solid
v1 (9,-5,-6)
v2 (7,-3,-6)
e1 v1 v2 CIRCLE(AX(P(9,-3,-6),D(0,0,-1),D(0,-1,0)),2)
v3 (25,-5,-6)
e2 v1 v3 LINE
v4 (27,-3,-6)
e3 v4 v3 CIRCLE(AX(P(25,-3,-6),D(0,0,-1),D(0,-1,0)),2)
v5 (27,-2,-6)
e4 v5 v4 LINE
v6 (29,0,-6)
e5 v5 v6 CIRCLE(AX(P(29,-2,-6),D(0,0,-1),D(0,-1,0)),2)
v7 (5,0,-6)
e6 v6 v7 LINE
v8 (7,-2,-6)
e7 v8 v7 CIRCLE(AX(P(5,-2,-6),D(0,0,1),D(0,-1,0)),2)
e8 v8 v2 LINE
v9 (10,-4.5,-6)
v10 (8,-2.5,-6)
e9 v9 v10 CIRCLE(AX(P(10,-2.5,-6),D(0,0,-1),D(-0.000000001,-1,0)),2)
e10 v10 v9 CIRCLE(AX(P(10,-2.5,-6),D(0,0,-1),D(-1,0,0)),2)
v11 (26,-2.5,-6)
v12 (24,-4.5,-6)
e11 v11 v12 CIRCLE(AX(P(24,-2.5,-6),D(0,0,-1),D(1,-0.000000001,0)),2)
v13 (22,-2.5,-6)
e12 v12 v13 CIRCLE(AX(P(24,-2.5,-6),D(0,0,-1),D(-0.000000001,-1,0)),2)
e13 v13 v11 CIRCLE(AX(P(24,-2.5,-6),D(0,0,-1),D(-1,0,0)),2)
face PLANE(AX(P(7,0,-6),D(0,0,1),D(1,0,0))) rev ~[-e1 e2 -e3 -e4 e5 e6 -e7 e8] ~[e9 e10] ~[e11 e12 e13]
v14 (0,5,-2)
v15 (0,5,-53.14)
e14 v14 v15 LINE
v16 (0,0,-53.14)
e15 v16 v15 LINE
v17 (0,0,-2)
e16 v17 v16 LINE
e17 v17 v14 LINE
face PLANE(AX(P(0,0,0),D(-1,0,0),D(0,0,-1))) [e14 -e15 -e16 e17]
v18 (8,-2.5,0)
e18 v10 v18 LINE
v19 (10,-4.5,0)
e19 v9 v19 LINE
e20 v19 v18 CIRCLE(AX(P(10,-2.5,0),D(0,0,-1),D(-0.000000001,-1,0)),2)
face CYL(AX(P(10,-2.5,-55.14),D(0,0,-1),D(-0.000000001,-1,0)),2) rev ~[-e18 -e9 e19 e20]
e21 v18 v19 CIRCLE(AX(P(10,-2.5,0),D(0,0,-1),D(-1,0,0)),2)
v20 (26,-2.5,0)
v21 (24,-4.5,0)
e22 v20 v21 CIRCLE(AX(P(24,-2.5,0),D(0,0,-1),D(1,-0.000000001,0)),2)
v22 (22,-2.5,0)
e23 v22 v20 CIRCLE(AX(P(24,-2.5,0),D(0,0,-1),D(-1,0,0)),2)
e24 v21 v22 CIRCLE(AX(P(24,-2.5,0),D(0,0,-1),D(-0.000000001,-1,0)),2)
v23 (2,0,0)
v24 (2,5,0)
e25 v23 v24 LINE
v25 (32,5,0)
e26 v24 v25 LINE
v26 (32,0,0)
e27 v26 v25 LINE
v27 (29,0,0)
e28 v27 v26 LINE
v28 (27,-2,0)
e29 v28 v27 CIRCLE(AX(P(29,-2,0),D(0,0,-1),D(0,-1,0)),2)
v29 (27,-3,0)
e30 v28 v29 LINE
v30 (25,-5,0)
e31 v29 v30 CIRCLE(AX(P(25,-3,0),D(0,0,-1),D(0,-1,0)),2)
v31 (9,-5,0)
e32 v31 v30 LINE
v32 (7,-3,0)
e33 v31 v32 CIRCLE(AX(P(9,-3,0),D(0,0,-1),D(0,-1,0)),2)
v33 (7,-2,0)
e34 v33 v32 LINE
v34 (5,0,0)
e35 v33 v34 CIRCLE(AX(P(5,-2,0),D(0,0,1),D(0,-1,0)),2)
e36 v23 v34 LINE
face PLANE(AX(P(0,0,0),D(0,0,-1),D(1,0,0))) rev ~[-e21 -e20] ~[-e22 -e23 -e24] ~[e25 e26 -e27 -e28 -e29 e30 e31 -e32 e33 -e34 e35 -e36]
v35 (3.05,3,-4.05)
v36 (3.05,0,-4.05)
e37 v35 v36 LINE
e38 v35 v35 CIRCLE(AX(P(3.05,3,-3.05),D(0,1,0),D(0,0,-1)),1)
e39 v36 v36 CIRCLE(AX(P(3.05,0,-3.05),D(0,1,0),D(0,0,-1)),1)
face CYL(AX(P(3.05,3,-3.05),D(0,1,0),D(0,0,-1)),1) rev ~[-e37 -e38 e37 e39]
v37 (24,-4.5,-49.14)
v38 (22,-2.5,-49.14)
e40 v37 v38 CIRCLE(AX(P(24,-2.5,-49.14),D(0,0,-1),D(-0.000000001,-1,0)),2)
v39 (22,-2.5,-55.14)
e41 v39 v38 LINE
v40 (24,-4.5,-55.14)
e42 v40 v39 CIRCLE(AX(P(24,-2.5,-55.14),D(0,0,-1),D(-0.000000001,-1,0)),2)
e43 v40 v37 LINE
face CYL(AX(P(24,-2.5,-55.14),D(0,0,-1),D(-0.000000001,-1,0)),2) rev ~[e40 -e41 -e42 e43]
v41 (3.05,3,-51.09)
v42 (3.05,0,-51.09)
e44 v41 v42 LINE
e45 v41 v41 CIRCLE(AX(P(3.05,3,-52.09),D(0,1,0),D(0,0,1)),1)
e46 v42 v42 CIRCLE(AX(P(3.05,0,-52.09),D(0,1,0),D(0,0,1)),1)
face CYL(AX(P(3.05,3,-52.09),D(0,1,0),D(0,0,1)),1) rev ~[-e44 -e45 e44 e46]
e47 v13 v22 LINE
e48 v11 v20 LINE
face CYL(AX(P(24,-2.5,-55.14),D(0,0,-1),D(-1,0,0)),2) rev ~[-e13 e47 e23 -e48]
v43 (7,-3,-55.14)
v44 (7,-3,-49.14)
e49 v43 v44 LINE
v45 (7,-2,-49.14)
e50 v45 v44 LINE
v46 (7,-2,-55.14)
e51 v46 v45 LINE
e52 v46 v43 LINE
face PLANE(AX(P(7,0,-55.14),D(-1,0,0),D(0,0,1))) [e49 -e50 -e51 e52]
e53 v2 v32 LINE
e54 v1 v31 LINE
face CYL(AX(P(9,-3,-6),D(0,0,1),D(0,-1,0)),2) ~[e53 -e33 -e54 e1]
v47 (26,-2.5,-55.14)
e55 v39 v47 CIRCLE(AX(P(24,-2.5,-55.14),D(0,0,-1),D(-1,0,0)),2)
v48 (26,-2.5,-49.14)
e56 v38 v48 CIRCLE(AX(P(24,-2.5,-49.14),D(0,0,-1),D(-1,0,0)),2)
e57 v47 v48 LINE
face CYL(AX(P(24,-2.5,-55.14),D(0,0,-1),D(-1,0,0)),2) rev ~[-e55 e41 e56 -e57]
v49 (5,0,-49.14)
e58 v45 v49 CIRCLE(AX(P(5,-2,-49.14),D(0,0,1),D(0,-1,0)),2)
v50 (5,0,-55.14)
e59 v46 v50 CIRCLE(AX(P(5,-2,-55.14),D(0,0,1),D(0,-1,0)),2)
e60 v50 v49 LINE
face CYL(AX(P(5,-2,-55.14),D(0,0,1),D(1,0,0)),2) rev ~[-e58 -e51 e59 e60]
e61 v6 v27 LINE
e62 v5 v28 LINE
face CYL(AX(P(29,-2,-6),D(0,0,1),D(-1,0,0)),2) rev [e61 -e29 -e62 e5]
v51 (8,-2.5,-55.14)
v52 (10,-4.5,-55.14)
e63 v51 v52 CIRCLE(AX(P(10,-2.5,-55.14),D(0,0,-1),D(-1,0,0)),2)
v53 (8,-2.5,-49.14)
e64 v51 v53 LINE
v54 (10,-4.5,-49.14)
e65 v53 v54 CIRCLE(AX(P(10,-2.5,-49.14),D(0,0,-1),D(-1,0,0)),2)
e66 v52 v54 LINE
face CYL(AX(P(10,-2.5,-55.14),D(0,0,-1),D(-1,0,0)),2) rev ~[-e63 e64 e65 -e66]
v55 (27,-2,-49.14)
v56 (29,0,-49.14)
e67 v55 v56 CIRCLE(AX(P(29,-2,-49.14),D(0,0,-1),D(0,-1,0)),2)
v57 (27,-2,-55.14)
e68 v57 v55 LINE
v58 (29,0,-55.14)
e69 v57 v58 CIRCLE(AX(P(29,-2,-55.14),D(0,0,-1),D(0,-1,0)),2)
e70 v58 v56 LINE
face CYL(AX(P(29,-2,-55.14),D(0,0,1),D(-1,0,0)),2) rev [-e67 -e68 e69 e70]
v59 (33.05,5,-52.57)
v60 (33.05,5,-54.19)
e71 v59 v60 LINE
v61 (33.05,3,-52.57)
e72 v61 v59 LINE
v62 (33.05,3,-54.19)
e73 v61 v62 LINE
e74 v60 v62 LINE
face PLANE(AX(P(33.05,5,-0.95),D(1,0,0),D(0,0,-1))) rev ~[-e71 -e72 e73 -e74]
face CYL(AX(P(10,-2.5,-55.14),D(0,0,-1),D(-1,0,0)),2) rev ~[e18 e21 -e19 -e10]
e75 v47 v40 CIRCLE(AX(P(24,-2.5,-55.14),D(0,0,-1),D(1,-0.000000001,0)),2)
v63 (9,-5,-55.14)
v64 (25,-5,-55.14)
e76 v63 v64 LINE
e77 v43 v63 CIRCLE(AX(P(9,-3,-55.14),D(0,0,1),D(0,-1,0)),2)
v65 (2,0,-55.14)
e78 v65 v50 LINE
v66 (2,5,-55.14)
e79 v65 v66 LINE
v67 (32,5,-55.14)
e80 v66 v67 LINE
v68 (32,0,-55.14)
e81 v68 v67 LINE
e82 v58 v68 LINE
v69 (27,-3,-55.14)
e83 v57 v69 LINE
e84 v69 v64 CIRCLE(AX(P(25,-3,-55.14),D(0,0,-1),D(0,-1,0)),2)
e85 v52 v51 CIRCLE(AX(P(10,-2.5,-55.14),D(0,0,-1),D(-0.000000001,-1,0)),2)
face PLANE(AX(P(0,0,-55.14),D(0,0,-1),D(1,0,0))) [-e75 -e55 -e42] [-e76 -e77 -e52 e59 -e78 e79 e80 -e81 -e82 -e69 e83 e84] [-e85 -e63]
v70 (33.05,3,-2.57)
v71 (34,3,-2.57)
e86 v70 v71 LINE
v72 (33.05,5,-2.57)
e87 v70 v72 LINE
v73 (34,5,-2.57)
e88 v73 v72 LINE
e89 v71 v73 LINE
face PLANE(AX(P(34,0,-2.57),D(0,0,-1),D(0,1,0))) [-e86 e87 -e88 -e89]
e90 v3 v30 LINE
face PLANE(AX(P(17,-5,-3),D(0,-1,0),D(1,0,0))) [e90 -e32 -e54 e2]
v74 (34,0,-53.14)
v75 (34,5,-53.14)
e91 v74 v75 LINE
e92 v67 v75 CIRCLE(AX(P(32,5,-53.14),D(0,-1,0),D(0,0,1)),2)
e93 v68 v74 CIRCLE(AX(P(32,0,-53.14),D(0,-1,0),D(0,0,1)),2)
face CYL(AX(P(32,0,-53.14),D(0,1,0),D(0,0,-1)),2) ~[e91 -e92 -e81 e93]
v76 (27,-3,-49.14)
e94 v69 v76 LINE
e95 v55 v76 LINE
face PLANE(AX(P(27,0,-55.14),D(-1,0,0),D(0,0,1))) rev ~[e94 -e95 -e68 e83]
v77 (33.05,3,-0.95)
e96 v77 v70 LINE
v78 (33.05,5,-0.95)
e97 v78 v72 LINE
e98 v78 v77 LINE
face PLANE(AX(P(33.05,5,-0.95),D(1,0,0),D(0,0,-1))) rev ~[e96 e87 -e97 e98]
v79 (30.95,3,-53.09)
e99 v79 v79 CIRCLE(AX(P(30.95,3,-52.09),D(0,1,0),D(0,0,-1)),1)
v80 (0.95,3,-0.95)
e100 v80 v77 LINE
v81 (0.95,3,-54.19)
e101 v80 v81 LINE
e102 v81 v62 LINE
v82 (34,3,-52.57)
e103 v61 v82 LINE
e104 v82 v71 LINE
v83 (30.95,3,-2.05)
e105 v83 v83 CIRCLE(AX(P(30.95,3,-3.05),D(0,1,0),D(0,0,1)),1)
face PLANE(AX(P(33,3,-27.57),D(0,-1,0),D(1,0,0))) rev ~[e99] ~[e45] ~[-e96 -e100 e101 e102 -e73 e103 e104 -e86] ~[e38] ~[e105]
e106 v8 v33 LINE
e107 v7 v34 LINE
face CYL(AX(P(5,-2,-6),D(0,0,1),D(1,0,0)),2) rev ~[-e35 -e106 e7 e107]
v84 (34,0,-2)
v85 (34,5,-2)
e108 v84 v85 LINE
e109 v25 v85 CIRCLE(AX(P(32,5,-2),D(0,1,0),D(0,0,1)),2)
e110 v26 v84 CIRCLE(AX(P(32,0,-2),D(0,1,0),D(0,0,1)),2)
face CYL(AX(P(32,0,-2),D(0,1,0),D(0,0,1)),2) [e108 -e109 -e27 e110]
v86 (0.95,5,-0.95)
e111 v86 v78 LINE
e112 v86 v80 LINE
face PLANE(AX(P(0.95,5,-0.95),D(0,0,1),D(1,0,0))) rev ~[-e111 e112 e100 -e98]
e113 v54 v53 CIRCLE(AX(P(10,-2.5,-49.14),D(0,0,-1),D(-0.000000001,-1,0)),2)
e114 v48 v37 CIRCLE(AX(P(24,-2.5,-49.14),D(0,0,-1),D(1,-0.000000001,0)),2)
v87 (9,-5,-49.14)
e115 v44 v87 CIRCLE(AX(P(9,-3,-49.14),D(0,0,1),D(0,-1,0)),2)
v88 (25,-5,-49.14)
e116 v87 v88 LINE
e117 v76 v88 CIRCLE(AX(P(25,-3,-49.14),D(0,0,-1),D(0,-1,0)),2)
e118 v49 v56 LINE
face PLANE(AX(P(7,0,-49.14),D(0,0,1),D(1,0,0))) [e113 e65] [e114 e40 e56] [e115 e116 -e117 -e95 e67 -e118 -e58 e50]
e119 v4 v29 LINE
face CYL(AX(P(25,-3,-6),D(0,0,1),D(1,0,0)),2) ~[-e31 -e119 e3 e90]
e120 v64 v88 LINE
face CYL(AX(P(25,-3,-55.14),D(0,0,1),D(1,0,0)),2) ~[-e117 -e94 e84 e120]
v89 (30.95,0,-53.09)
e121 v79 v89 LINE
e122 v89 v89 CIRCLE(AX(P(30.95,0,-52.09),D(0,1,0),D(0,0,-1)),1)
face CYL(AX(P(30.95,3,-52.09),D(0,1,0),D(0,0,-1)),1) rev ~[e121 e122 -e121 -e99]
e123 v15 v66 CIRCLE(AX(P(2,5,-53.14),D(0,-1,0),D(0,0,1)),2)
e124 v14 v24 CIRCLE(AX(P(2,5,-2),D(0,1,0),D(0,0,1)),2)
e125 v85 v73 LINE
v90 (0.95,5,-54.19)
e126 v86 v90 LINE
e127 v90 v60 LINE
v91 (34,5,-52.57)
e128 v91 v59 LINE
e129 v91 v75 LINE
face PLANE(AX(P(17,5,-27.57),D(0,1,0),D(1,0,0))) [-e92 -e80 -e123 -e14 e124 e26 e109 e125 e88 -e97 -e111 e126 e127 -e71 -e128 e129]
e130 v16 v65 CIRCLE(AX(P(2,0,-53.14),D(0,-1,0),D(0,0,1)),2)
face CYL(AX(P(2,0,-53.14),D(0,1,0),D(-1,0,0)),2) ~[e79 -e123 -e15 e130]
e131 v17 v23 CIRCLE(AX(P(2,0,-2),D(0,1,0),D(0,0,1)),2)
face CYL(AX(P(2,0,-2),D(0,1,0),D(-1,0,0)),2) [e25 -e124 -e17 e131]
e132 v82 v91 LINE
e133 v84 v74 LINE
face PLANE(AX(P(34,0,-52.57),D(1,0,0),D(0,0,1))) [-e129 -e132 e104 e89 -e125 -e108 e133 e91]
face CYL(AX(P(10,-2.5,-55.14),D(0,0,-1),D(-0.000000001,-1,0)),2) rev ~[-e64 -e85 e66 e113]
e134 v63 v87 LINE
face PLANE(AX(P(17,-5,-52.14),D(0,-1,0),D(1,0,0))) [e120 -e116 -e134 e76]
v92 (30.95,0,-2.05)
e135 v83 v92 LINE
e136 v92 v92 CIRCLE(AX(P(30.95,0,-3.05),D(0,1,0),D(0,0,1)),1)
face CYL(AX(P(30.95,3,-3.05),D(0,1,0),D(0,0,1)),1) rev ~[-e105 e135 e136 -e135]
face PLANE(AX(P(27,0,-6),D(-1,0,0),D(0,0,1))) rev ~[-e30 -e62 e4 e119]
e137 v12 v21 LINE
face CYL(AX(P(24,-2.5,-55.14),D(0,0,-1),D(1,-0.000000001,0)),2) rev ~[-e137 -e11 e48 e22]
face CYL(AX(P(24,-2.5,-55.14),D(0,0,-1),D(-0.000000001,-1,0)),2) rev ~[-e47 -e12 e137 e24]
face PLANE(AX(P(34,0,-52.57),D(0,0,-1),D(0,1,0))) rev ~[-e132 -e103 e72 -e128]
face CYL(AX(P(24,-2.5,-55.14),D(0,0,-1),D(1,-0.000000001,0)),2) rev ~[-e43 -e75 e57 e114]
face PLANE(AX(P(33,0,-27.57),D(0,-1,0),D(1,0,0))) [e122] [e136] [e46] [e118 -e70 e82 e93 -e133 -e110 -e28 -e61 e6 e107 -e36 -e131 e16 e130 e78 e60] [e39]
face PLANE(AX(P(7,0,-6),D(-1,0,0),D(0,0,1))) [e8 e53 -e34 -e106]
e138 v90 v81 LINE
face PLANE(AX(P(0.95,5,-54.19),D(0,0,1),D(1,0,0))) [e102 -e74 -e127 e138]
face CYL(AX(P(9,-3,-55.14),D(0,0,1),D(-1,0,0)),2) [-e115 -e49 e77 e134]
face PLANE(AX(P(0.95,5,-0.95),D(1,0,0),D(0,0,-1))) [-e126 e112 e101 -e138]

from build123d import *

# Parameters (mm, degrees)
SKETCH_1_W          = 34
SKETCH_1_H          = 55.14
EXTRUDE_1_DEPTH     = 5
SKETCH_2_W          = 32.1
SKETCH_2_H          = 53.24
CUT_EXTRUDE_1_DEPTH = 2
SKETCH_3_W          = 50
SKETCH_3_H          = 10
CUT_EXTRUDE_2_DEPTH = 2
FILLET_3_R          = 2
FILLET_4_R          = 2
FILLET_5_R          = 2
FILLET_6_R          = 2
SKETCH_5_R          = 1
CUT_EXTRUDE_3_DEPTH = 5
CUT_EXTRUDE_5_DEPTH = 5
SKETCH_7_W          = 24.577640881
SKETCH_7_H          = 46.089683544
EXTRUDE_3_DEPTH     = 3
SKETCH_8_W          = 20
SKETCH_8_H          = 6
EXTRUDE_5_DEPTH     = 5
SKETCH_9_W          = 20
SKETCH_9_H          = 6
EXTRUDE_6_DEPTH     = 5
CUT_EXTRUDE_6_DEPTH = 65.972452624
FILLET_7_R          = 2
FILLET_8_R          = 2
FILLET_9_R          = 2
FILLET_10_R         = 2
FILLET_11_R         = 2
FILLET_12_R         = 2
FILLET_13_R         = 2
FILLET_14_R         = 2
SKETCH_11_W         = 2
SKETCH_11_H         = 50
EXTRUDE_7_DEPTH     = 3


with BuildPart() as part:
    # 草图1 → 凸台-拉伸1 (new body)
    with BuildSketch(Plane(origin=(0, 0, 0), x_dir=(1, 0, 0), z_dir=(0, 1, 0))):
        with Locations((17, 27.57)):
            Rectangle(SKETCH_1_W, SKETCH_1_H)
    extrude(amount=EXTRUDE_1_DEPTH)

    # 草图2 → 切除-拉伸1 (cut)
    with BuildSketch(Plane(origin=(0, 5, 0), x_dir=(1, 0, 0), z_dir=(0, 1, 0))):
        with Locations((17, 27.57)):
            Rectangle(SKETCH_2_W, SKETCH_2_H)
    extrude(amount=-CUT_EXTRUDE_1_DEPTH, mode=Mode.SUBTRACT)

    # 草图3 → 切除-拉伸2 (cut)
    with BuildSketch(Plane(origin=(34, 0, 0), x_dir=(0, 0, -1), z_dir=(1, 0, 0))):
        with Locations((27.57, 5)):
            Rectangle(SKETCH_3_W, SKETCH_3_H)
    extrude(amount=-CUT_EXTRUDE_2_DEPTH, mode=Mode.SUBTRACT)

    # 圆角3
    fillet_3_edges = [part.edges().sort_by_distance(p)[0] for p in [
        (0, 2.5, 0),
    ]]
    fillet(fillet_3_edges, radius=FILLET_3_R)

    # 圆角4
    fillet_4_edges = [part.edges().sort_by_distance(p)[0] for p in [
        (0, 2.5, -55.14),
    ]]
    fillet(fillet_4_edges, radius=FILLET_4_R)

    # 圆角5
    fillet_5_edges = [part.edges().sort_by_distance(p)[0] for p in [
        (34, 2.5, -55.14),
    ]]
    fillet(fillet_5_edges, radius=FILLET_5_R)

    # 圆角6
    fillet_6_edges = [part.edges().sort_by_distance(p)[0] for p in [
        (34, 2.5, 0),
    ]]
    fillet(fillet_6_edges, radius=FILLET_6_R)

    # 草图5 → 切除-拉伸3 (cut)
    with BuildSketch(Plane(origin=(0, 3, 0), x_dir=(1, 0, 0), z_dir=(0, 1, 0))):
        with Locations(Location((3.05, 52.09, 0), (0, 0, 270))):
            Circle(SKETCH_5_R)
        with Locations(Location((3.05, 3.05, 0), (0, 0, 90))):
            Circle(SKETCH_5_R)
        with Locations(Location((30.95, 3.05, 0), (0, 0, 270))):
            Circle(SKETCH_5_R)
        with Locations(Location((30.95, 52.09, 0), (0, 0, 90))):
            Circle(SKETCH_5_R)
    extrude(amount=-CUT_EXTRUDE_3_DEPTH, mode=Mode.SUBTRACT)

    # 草图6 → 切除-拉伸5 (cut)
    with BuildSketch(Plane(origin=(0, 3, 0), x_dir=(1, 0, 0), z_dir=(0, 1, 0))):
        with BuildLine():
            ThreePointArc((5.05, 49.09), (5.342893219, 49.797106781), (6.05, 50.09))
            Line((6.05, 50.09), (6.254717451, 50.09))
            ThreePointArc((6.254717451, 50.09), (6.961824232, 49.797106781), (7.254717451, 49.09))
            Line((7.254717451, 49.09), (7.254717451, 6.05))
            ThreePointArc((7.254717451, 6.05), (6.961824232, 5.342893219), (6.254717451, 5.05))
            Line((6.254717451, 5.05), (6.05, 5.05))
            ThreePointArc((6.05, 5.05), (5.342893219, 5.342893219), (5.05, 6.05))
            Line((5.05, 6.05), (5.05, 49.09))
        make_face()
        with BuildLine():
            ThreePointArc((10.05, 49.09), (10.342893219, 49.797106781), (11.05, 50.09))
            Line((11.05, 50.09), (11.254717451, 50.09))
            ThreePointArc((11.254717451, 50.09), (11.961824232, 49.797106781), (12.254717451, 49.09))
            Line((12.254717451, 49.09), (12.254717451, 6.05))
            ThreePointArc((12.254717451, 6.05), (11.961824232, 5.342893219), (11.254717451, 5.05))
            Line((11.254717451, 5.05), (11.05, 5.05))
            ThreePointArc((11.05, 5.05), (10.342893219, 5.342893219), (10.05, 6.05))
            Line((10.05, 6.05), (10.05, 49.09))
        make_face()
        with BuildLine():
            ThreePointArc((20.05, 49.09), (20.342893219, 49.797106781), (21.05, 50.09))
            Line((21.05, 50.09), (21.254717451, 50.09))
            ThreePointArc((21.254717451, 50.09), (21.961824232, 49.797106781), (22.254717451, 49.09))
            Line((22.254717451, 49.09), (22.254717451, 6.05))
            ThreePointArc((22.254717451, 6.05), (21.961824232, 5.342893219), (21.254717451, 5.05))
            Line((21.254717451, 5.05), (21.05, 5.05))
            ThreePointArc((21.05, 5.05), (20.342893219, 5.342893219), (20.05, 6.05))
            Line((20.05, 6.05), (20.05, 49.09))
        make_face()
        with BuildLine():
            ThreePointArc((26.05, 5.05), (25.342893219, 5.342893219), (25.05, 6.05))
            Line((25.05, 6.05), (25.05, 49.09))
            ThreePointArc((25.05, 49.09), (25.342893219, 49.797106781), (26.05, 50.09))
            Line((26.05, 50.09), (26.254717451, 50.09))
            ThreePointArc((26.254717451, 50.09), (26.961824232, 49.797106781), (27.254717451, 49.09))
            Line((27.254717451, 49.09), (27.254717451, 6.05))
            ThreePointArc((27.254717451, 6.05), (26.961824232, 5.342893219), (26.254717451, 5.05))
            Line((26.254717451, 5.05), (26.05, 5.05))
        make_face()
        with BuildLine():
            Line((15.05, 49.09), (15.05, 6.05))
            ThreePointArc((15.05, 6.05), (15.342893219, 5.342893219), (16.05, 5.05))
            Line((16.05, 5.05), (16.254717451, 5.05))
            ThreePointArc((16.254717451, 5.05), (16.961824232, 5.342893219), (17.254717451, 6.05))
            Line((17.254717451, 6.05), (17.254717451, 49.09))
            ThreePointArc((17.254717451, 49.09), (16.961824232, 49.797106781), (16.254717451, 50.09))
            Line((16.254717451, 50.09), (16.05, 50.09))
            ThreePointArc((16.05, 50.09), (15.342893219, 49.797106781), (15.05, 49.09))
        make_face()
    extrude(amount=-CUT_EXTRUDE_5_DEPTH, mode=Mode.SUBTRACT)

    # 草图7 → 凸台-拉伸3 (add)
    with BuildSketch(Plane.XZ):
        with Locations((15.625766317, -27.57)):
            Rectangle(SKETCH_7_W, SKETCH_7_H)
    extrude(amount=-EXTRUDE_3_DEPTH)

    # 草图8 → 凸台-拉伸5 (add)
    with BuildSketch(Plane.XZ):
        with Locations((17, -3)):
            Rectangle(SKETCH_8_W, SKETCH_8_H)
    extrude(amount=EXTRUDE_5_DEPTH)

    # 草图9 → 凸台-拉伸6 (add)
    with BuildSketch(Plane.XZ):
        with Locations((17, -52.14)):
            Rectangle(SKETCH_9_W, SKETCH_9_H)
    extrude(amount=EXTRUDE_6_DEPTH)

    # 草图10 → 切除-拉伸6 (cut, through all)
    with BuildSketch(Plane(origin=(0, 0, -55.14), x_dir=(-1, 0, 0), z_dir=(0, 0, -1))):
        with BuildLine():
            ThreePointArc((-8, -2.5), (-11.414213562, -1.085786438), (-10, -4.5))
            Line((-10, -4.5), (-10, -2.5))
            Line((-10, -2.5), (-8, -2.5))
        make_face()
        with BuildLine():
            Line((-10, -2.5), (-10, -4.5))
            ThreePointArc((-10, -4.5), (-8.585786438, -3.914213562), (-8, -2.5))
            Line((-8, -2.5), (-10, -2.5))
        make_face()
        with BuildLine():
            ThreePointArc((-26, -2.5), (-25.414213562, -3.914213562), (-24, -4.5))
            Line((-24, -4.5), (-24, -2.5))
            Line((-24, -2.5), (-26, -2.5))
        make_face()
        with BuildLine():
            Line((-24, -2.5), (-24, -4.5))
            ThreePointArc((-24, -4.5), (-22.585786438, -3.914213562), (-22, -2.5))
            ThreePointArc((-22, -2.5), (-24, -0.5), (-26, -2.5))
            Line((-26, -2.5), (-24, -2.5))
        make_face()
    extrude(amount=-CUT_EXTRUDE_6_DEPTH, mode=Mode.SUBTRACT)

    # 圆角7
    fillet_7_edges = [part.edges().sort_by_distance(p)[0] for p in [
        (7, -5, -52.14),
    ]]
    fillet(fillet_7_edges, radius=FILLET_7_R)

    # 圆角8
    fillet_8_edges = [part.edges().sort_by_distance(p)[0] for p in [
        (7, 0, -52.14),
    ]]
    fillet(fillet_8_edges, radius=FILLET_8_R)

    # 圆角9
    fillet_9_edges = [part.edges().sort_by_distance(p)[0] for p in [
        (27, -5, -52.14),
    ]]
    fillet(fillet_9_edges, radius=FILLET_9_R)

    # 圆角10
    fillet_10_edges = [part.edges().sort_by_distance(p)[0] for p in [
        (27, 0, -52.14),
    ]]
    fillet(fillet_10_edges, radius=FILLET_10_R)

    # 圆角11
    fillet_11_edges = [part.edges().sort_by_distance(p)[0] for p in [
        (7, -5, -3),
    ]]
    fillet(fillet_11_edges, radius=FILLET_11_R)

    # 圆角12
    fillet_12_edges = [part.edges().sort_by_distance(p)[0] for p in [
        (7, 0, -3),
    ]]
    fillet(fillet_12_edges, radius=FILLET_12_R)

    # 圆角13
    fillet_13_edges = [part.edges().sort_by_distance(p)[0] for p in [
        (27, -5, -3),
    ]]
    fillet(fillet_13_edges, radius=FILLET_13_R)

    # 圆角14
    fillet_14_edges = [part.edges().sort_by_distance(p)[0] for p in [
        (27, 0, -3),
    ]]
    fillet(fillet_14_edges, radius=FILLET_14_R)

    # 草图11 → 凸台-拉伸7 (add)
    with BuildSketch(Plane.XZ):
        with Locations((33, -27.57)):
            Rectangle(SKETCH_11_W, SKETCH_11_H)
    extrude(amount=-EXTRUDE_7_DEPTH)


solid = part.part
